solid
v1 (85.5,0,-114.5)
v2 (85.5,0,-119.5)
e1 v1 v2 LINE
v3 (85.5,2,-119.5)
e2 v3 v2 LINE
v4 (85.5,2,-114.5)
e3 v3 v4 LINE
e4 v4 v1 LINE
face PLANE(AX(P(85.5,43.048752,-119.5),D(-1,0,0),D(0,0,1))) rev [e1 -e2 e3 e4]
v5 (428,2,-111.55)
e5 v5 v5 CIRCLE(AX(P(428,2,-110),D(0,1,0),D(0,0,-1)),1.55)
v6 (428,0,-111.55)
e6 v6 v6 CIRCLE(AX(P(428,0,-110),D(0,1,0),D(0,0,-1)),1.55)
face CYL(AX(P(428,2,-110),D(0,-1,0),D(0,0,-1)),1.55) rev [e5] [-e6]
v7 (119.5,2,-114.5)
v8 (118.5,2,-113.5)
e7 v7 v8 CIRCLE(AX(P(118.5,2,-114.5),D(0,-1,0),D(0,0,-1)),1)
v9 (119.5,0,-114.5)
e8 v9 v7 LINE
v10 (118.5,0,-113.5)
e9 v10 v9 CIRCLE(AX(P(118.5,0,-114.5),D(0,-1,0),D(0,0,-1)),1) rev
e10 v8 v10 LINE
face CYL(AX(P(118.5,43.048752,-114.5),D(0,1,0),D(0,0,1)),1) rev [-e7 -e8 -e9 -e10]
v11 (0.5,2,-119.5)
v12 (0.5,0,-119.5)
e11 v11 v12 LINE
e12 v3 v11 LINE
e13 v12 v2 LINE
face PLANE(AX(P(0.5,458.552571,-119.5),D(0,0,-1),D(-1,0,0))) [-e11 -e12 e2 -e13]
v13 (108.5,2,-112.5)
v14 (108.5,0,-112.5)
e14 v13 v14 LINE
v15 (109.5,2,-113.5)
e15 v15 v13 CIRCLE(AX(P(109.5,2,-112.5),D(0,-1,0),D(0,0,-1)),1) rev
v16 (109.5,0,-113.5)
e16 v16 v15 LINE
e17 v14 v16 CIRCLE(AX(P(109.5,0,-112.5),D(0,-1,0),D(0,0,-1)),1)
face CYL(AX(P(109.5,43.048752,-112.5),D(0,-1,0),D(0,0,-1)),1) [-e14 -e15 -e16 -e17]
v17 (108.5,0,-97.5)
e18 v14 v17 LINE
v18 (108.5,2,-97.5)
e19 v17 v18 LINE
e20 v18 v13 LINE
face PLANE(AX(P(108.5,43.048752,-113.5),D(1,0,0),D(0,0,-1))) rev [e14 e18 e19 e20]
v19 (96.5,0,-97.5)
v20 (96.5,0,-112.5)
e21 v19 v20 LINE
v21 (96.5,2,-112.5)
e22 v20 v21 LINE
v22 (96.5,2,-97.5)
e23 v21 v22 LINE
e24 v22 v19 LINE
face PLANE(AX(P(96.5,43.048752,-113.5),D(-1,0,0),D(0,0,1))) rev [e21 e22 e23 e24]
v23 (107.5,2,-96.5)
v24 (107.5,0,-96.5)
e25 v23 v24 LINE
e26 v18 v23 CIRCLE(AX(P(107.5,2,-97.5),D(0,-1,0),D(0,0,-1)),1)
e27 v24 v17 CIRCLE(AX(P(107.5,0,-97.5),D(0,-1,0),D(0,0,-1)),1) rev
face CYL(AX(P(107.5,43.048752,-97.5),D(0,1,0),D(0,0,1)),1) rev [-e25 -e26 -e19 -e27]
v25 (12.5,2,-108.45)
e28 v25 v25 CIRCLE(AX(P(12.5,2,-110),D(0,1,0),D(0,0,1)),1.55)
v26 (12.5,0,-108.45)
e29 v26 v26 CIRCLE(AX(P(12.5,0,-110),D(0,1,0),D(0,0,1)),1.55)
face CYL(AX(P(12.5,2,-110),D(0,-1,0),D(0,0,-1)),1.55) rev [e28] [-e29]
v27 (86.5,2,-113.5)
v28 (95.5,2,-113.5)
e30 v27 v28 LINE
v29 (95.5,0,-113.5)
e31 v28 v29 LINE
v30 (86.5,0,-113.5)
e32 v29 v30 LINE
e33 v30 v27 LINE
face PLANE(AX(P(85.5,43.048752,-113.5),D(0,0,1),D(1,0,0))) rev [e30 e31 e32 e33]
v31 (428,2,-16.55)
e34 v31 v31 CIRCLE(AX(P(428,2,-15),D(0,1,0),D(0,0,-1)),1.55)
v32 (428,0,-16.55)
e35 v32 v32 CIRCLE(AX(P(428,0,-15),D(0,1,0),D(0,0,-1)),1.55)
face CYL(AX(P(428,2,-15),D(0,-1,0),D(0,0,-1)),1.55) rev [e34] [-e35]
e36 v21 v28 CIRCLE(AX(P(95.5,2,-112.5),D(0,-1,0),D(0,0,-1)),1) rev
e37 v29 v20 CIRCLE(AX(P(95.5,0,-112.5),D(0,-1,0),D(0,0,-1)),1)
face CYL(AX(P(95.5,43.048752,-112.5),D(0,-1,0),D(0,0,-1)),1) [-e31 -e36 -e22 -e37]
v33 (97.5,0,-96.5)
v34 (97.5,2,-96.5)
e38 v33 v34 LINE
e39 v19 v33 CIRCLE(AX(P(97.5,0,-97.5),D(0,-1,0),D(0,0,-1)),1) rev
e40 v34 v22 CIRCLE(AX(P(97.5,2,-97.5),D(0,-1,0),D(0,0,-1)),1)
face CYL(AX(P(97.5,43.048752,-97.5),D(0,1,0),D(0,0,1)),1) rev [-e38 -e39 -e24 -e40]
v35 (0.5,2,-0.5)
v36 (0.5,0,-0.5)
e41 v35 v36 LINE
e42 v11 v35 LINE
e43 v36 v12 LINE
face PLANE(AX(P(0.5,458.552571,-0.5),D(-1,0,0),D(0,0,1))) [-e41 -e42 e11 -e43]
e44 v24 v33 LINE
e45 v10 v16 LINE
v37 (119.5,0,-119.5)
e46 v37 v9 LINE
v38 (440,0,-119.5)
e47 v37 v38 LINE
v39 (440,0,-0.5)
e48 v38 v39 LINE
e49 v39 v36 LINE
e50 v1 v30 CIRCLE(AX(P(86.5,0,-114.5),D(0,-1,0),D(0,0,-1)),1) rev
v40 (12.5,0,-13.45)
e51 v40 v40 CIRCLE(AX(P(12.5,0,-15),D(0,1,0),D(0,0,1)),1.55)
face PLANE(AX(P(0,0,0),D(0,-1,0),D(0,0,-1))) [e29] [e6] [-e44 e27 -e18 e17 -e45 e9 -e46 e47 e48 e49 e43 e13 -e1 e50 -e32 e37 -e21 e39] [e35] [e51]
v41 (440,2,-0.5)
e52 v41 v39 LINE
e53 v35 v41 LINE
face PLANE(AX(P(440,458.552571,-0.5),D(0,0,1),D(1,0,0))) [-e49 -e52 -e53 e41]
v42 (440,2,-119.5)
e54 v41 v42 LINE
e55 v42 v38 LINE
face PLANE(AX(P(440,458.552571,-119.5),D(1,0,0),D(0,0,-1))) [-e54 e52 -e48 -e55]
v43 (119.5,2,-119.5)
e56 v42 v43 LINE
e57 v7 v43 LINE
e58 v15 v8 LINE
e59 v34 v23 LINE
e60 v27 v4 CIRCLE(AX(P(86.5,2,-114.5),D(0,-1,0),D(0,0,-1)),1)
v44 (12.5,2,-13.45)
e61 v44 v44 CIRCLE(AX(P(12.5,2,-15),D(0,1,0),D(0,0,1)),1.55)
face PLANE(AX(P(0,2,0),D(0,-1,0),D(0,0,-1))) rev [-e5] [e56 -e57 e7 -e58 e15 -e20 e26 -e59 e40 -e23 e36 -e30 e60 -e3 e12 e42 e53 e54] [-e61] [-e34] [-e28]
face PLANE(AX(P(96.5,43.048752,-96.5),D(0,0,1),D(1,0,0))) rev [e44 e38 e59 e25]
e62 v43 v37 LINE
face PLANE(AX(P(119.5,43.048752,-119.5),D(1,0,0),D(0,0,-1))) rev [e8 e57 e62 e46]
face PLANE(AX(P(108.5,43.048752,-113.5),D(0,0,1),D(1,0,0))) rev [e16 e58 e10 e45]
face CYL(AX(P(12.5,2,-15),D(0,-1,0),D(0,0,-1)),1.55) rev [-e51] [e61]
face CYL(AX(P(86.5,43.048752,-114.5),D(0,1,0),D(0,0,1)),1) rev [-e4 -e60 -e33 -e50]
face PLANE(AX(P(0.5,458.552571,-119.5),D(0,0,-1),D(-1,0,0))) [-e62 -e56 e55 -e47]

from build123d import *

# Parameters (mm, degrees)
CROQUIS1_W              = 440.5
CROQUIS1_H              = 120
CROQUIS1_R              = 1.55
SALIENTE_EXTRUIR1_DEPTH = 2
CROQUIS2_W              = 440.5
CROQUIS2_H              = 120
CROQUIS2_W_2            = 439.5
CROQUIS2_H_2            = 119
CORTAR_EXTRUIR1_DEPTH   = 2
CORTAR_EXTRUIR2_DEPTH   = 2
REDONDEO1_R             = 1


with BuildPart() as part:
    # Croquis1 → Saliente-Extruir1 (new body)
    with BuildSketch(Plane(origin=(0, 0, 0), x_dir=(1, 0, 0), z_dir=(0, 1, 0))):
        with Locations((220.25, 60)):
            Rectangle(CROQUIS1_W, CROQUIS1_H)
        with Locations(Location((12.5, 15, 0), (0, 0, 270))):
            Circle(CROQUIS1_R, mode=Mode.SUBTRACT)
        with Locations(Location((12.5, 110, 0), (0, 0, 270))):
            Circle(CROQUIS1_R, mode=Mode.SUBTRACT)
        with Locations(Location((428, 15, 0), (0, 0, 90))):
            Circle(CROQUIS1_R, mode=Mode.SUBTRACT)
        with Locations(Location((428, 110, 0), (0, 0, 90))):
            Circle(CROQUIS1_R, mode=Mode.SUBTRACT)
    extrude(amount=SALIENTE_EXTRUIR1_DEPTH)

    # Croquis2 → Cortar-Extruir1 (cut)
    with BuildSketch(Plane.XZ):
        with Locations((220.25, -60)):
            Rectangle(CROQUIS2_W, CROQUIS2_H)
        with Locations((220.25, -60)):
            Rectangle(CROQUIS2_W_2, CROQUIS2_H_2, mode=Mode.SUBTRACT)
    extrude(amount=-CORTAR_EXTRUIR1_DEPTH, mode=Mode.SUBTRACT)

    # Croquis3 → Cortar-Extruir2 (cut)
    with BuildSketch(Plane.XZ):
        Polygon((85.5, -119.5), (119.5, -119.5), (119.5, -113.5), (108.5, -113.5), (108.5, -96.5), (96.5, -96.5), (96.5, -113.5), (85.5, -113.5), align=None)
    extrude(amount=-CORTAR_EXTRUIR2_DEPTH, mode=Mode.SUBTRACT)

    # Redondeo1
    redondeo1_edges = [part.edges().sort_by_distance(p)[0] for p in [
        (85.5, 1, -113.5),
        (96.5, 1, -113.5),
        (96.5, 1, -96.5),
        (108.5, 1, -96.5),
        (108.5, 1, -113.5),
        (119.5, 1, -113.5),
    ]]
    fillet(redondeo1_edges, radius=REDONDEO1_R)


solid = part.part
